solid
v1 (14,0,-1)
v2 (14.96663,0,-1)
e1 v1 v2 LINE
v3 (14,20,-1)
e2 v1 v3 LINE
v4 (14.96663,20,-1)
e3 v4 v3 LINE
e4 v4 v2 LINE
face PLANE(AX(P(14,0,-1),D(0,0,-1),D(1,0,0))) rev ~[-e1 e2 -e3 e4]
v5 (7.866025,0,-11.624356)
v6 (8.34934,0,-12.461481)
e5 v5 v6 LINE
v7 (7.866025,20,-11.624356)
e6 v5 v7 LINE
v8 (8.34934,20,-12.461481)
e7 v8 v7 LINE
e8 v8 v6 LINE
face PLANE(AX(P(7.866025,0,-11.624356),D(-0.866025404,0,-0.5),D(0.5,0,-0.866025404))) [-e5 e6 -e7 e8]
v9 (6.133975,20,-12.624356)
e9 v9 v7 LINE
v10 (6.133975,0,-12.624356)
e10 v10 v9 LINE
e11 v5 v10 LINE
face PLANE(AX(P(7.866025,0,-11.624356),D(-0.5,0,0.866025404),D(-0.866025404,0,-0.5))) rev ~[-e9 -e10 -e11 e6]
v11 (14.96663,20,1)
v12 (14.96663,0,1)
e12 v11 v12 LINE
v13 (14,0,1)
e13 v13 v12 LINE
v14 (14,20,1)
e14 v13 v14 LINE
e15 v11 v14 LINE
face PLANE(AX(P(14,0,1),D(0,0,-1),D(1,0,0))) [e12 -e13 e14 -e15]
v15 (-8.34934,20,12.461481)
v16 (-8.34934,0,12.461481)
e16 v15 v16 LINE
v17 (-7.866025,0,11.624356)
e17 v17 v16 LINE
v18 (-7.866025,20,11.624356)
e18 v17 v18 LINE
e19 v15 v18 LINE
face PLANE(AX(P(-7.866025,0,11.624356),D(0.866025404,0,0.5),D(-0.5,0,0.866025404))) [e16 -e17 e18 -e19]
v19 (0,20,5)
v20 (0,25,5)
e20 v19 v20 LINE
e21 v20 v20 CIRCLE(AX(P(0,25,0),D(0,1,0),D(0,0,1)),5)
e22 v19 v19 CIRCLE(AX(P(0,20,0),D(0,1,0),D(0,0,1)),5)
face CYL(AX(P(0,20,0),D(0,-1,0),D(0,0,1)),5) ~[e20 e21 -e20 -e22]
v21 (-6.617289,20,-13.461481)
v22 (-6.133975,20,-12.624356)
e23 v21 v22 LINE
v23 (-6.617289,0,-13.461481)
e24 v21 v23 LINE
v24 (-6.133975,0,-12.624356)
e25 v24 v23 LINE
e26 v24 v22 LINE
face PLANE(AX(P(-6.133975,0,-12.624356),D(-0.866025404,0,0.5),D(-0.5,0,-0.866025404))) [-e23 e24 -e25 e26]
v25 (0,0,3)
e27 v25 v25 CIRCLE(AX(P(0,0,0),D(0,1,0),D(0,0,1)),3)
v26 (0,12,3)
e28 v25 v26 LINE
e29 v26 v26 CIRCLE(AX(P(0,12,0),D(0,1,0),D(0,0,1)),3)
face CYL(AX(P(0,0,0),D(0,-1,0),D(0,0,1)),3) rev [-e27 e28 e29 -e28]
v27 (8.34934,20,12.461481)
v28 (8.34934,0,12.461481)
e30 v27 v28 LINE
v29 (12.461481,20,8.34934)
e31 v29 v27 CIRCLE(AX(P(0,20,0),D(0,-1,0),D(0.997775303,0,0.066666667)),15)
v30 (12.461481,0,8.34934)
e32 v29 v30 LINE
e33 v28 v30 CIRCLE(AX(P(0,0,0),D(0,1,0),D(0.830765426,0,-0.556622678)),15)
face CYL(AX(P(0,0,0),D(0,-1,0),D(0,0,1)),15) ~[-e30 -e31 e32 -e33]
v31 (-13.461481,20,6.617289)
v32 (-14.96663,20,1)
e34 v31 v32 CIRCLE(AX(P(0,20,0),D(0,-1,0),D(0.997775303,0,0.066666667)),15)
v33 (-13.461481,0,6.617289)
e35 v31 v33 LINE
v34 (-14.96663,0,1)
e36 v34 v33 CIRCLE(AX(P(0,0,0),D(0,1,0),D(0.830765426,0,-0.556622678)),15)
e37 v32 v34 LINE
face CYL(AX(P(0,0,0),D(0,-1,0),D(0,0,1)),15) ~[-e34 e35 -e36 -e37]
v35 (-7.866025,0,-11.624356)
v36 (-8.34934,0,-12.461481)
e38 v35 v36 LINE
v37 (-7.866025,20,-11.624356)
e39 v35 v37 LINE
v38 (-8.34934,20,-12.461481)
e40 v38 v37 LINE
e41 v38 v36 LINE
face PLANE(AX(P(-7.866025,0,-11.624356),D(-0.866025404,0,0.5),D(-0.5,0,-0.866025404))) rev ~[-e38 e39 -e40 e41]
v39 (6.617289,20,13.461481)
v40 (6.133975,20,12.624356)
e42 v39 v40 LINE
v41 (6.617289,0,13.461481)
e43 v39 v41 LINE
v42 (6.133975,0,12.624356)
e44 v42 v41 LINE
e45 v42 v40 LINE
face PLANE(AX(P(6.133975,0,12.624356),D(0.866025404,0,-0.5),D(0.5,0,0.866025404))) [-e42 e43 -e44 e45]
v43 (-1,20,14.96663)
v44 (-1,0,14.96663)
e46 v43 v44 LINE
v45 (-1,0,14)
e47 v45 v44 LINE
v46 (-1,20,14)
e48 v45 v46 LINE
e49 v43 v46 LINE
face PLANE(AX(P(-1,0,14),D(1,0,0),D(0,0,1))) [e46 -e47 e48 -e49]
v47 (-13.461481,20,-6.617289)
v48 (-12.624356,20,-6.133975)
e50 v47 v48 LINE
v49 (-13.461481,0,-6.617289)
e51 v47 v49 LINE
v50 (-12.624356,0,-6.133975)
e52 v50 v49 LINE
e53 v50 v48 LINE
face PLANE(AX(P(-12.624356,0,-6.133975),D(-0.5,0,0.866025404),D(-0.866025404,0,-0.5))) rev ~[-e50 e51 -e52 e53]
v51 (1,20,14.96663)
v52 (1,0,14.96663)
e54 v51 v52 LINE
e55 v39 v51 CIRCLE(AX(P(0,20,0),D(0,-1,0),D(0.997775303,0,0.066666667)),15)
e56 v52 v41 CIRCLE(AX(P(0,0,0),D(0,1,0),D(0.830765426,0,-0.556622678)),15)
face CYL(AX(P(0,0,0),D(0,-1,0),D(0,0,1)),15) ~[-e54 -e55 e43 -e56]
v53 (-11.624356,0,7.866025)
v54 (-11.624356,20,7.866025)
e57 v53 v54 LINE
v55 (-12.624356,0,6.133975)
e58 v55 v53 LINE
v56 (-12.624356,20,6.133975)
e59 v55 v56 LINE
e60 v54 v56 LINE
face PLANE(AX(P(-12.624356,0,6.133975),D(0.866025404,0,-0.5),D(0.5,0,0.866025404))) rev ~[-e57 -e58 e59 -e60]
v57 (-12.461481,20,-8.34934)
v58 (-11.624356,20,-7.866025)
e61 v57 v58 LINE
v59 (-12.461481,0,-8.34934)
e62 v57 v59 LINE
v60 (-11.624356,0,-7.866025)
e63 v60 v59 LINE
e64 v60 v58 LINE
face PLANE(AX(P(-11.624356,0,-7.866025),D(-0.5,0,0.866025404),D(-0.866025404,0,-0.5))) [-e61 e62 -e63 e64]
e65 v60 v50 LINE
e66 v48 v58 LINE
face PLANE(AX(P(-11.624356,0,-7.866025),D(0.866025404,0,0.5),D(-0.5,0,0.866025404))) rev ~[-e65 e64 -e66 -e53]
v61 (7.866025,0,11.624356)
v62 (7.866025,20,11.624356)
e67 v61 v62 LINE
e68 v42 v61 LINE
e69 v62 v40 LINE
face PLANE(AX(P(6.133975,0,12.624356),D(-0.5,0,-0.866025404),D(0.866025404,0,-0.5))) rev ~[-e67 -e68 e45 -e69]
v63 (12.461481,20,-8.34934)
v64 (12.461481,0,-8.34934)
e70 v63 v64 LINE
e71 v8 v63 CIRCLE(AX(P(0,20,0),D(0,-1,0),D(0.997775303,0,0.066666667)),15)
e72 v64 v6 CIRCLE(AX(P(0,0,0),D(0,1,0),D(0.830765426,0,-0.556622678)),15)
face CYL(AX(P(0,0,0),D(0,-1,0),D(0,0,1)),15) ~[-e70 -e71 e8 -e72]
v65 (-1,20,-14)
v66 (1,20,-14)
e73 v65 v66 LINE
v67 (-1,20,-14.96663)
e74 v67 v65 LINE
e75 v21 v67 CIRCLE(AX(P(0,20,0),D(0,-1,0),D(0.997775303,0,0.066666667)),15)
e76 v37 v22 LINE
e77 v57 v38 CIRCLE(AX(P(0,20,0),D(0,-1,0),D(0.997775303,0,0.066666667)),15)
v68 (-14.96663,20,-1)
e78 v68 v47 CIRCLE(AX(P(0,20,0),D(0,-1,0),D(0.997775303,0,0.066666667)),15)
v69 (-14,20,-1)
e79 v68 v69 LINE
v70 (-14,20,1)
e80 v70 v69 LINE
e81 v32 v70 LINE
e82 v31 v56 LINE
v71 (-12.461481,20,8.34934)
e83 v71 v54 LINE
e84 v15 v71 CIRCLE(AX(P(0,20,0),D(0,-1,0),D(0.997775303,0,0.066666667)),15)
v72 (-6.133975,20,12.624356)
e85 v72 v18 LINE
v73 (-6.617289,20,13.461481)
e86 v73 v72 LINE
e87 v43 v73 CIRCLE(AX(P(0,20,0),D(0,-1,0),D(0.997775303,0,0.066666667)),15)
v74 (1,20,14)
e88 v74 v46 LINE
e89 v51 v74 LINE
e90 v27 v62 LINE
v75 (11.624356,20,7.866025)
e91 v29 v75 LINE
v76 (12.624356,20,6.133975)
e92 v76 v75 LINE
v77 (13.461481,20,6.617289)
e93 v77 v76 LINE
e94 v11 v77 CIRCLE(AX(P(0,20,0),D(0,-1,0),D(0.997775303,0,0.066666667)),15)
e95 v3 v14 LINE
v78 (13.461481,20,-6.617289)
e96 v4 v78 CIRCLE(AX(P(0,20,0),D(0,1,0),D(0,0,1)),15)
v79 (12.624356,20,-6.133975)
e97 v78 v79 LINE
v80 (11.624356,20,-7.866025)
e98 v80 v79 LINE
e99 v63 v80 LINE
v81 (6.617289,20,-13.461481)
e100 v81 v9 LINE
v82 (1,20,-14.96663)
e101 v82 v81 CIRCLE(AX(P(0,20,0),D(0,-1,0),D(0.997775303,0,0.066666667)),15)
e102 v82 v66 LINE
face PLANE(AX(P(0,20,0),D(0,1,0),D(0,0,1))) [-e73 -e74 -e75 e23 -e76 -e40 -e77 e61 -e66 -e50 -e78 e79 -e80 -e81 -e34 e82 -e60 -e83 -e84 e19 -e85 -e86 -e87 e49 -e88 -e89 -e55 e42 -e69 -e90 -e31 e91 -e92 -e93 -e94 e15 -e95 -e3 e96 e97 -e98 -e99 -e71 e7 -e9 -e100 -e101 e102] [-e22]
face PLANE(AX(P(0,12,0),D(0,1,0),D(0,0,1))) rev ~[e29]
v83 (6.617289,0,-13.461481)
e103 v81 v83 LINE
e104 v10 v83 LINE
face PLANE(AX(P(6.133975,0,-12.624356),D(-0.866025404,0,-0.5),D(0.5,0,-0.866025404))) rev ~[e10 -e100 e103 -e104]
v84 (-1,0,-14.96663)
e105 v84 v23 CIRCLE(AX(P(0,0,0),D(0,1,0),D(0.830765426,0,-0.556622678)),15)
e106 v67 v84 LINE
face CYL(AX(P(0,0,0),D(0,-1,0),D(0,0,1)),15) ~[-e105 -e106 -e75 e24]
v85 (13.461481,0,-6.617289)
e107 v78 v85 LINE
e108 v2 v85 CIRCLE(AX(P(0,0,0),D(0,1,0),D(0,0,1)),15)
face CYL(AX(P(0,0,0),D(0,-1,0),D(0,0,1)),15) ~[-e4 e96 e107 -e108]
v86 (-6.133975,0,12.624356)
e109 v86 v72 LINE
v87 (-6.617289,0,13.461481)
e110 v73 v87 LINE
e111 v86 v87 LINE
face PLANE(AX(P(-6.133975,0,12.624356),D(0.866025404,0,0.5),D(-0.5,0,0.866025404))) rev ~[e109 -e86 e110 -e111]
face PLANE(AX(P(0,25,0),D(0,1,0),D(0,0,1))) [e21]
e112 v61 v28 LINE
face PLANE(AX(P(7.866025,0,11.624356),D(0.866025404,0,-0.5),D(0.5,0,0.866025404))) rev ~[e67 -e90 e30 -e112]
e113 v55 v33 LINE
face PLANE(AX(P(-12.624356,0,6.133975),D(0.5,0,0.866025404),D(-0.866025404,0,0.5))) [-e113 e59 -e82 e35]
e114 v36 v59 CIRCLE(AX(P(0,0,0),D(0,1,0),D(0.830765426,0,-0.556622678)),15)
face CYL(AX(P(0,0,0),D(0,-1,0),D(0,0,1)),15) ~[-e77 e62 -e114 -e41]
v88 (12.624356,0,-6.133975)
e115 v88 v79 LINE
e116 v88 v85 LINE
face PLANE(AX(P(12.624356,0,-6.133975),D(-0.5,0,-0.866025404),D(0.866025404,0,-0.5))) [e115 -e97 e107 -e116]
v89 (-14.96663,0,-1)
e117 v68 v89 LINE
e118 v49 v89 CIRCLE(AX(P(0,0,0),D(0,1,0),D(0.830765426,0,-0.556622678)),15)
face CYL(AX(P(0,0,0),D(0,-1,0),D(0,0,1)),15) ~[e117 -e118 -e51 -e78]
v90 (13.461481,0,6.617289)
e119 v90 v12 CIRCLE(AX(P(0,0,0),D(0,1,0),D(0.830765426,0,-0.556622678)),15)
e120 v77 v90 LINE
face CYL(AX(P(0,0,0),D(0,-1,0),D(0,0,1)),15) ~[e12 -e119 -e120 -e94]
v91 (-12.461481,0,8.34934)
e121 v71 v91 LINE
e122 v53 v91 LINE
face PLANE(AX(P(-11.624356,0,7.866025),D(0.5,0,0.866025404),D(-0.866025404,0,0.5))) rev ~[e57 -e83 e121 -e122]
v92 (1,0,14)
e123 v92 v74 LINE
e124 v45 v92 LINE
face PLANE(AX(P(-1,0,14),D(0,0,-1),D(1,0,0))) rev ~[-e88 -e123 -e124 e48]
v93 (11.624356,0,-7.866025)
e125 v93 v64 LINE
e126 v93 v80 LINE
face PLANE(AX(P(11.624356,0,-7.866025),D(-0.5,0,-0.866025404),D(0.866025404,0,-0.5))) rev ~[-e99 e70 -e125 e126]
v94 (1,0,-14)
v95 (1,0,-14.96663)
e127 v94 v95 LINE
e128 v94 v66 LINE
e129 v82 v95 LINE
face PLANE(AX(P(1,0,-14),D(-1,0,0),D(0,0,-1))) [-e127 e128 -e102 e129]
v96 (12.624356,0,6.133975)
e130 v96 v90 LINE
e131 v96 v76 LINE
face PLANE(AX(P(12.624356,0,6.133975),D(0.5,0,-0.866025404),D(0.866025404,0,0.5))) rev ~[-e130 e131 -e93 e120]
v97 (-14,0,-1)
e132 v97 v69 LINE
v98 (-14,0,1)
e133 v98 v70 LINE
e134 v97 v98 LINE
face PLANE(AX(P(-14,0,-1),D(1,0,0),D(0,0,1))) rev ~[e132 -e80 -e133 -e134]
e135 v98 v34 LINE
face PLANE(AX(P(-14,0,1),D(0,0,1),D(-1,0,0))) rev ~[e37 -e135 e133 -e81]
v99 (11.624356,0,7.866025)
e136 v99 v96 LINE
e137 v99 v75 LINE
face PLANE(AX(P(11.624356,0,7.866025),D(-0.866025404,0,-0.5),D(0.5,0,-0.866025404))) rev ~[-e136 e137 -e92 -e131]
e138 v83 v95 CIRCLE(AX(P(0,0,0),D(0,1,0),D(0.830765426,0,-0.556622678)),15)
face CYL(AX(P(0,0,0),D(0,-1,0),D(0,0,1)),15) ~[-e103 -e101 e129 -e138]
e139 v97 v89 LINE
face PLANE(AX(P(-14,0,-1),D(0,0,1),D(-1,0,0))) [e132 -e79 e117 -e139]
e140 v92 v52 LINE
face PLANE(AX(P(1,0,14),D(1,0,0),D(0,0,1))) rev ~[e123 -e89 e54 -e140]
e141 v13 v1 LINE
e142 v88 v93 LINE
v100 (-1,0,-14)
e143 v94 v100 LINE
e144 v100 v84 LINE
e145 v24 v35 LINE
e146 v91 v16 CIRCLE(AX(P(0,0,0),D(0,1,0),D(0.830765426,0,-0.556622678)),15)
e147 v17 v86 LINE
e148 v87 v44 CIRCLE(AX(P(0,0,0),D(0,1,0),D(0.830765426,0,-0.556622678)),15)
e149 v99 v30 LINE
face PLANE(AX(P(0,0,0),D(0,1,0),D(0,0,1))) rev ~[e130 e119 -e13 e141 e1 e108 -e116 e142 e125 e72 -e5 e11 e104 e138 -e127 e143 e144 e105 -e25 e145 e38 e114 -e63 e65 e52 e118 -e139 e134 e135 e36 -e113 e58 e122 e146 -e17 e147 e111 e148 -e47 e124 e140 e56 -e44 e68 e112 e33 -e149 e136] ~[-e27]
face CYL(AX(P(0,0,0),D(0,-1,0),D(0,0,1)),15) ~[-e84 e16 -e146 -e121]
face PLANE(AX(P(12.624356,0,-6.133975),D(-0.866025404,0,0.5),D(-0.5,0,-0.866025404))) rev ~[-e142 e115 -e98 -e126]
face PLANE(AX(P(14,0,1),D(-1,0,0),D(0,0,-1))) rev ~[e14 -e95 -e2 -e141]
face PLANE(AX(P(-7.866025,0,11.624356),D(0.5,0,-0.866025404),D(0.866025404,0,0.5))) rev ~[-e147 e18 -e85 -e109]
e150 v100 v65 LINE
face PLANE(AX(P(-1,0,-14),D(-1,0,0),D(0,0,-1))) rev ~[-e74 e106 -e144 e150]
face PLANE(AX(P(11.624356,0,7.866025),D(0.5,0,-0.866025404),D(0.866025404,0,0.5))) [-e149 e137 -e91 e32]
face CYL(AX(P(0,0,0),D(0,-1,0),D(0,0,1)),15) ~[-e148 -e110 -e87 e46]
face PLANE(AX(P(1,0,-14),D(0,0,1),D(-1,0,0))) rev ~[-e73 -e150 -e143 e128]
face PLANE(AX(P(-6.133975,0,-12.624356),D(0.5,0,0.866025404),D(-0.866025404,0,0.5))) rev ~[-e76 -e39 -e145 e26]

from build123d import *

# Parameters (mm, degrees)
SKETCH_1_R               = 15
EXTRUDE_1_DEPTH          = 20
SKETCH_2_R               = 5
EXTRUDE_2_DEPTH          = 5
SKETCH_3_W               = 2
SKETCH_3_H               = 2
CUT_EXTRUDE_1_DEPTH      = 33.787192622
PATTERN_CIRCULAR_1_COUNT = 12
SKETCH_4_R               = 3
CUT_EXTRUDE_2_DEPTH      = 12


with BuildPart() as part:
    # 草图1 → 凸台-拉伸1 (new body)
    with BuildSketch(Plane(origin=(0, 0, 0), x_dir=(1, 0, 0), z_dir=(0, 1, 0))):
        Circle(SKETCH_1_R)
    extrude(amount=EXTRUDE_1_DEPTH)

    # 草图2 → 凸台-拉伸2 (add)
    with BuildSketch(Plane(origin=(0, 20, 0), x_dir=(1, 0, 0), z_dir=(0, 1, 0))):
        Circle(SKETCH_2_R)
    extrude(amount=EXTRUDE_2_DEPTH)

    # 草图3 → 切除-拉伸1 (cut, through all)
    with BuildSketch(Plane(origin=(0, 0, 0), x_dir=(1, 0, 0), z_dir=(0, 1, 0))):
        with Locations((15, 0)):
            Rectangle(SKETCH_3_W, SKETCH_3_H)
    cut_extrude_1 = extrude(amount=CUT_EXTRUDE_1_DEPTH, mode=Mode.SUBTRACT)

    # 阵列(圆周)1: 切除-拉伸1 ×12 about axis
    pattern_circular_1_axis = Axis((0, -1.25, 0), (0, 1, 0))
    for i in range(1, PATTERN_CIRCULAR_1_COUNT):
        add(cut_extrude_1.rotate(pattern_circular_1_axis, i * 360 / PATTERN_CIRCULAR_1_COUNT), mode=Mode.SUBTRACT)

    # 草图4 → 切除-拉伸2 (cut)
    with BuildSketch(Plane(origin=(0, 0, 0), x_dir=(1, 0, 0), z_dir=(0, 1, 0))):
        Circle(SKETCH_4_R)
    extrude(amount=CUT_EXTRUDE_2_DEPTH, mode=Mode.SUBTRACT)


solid = part.part
